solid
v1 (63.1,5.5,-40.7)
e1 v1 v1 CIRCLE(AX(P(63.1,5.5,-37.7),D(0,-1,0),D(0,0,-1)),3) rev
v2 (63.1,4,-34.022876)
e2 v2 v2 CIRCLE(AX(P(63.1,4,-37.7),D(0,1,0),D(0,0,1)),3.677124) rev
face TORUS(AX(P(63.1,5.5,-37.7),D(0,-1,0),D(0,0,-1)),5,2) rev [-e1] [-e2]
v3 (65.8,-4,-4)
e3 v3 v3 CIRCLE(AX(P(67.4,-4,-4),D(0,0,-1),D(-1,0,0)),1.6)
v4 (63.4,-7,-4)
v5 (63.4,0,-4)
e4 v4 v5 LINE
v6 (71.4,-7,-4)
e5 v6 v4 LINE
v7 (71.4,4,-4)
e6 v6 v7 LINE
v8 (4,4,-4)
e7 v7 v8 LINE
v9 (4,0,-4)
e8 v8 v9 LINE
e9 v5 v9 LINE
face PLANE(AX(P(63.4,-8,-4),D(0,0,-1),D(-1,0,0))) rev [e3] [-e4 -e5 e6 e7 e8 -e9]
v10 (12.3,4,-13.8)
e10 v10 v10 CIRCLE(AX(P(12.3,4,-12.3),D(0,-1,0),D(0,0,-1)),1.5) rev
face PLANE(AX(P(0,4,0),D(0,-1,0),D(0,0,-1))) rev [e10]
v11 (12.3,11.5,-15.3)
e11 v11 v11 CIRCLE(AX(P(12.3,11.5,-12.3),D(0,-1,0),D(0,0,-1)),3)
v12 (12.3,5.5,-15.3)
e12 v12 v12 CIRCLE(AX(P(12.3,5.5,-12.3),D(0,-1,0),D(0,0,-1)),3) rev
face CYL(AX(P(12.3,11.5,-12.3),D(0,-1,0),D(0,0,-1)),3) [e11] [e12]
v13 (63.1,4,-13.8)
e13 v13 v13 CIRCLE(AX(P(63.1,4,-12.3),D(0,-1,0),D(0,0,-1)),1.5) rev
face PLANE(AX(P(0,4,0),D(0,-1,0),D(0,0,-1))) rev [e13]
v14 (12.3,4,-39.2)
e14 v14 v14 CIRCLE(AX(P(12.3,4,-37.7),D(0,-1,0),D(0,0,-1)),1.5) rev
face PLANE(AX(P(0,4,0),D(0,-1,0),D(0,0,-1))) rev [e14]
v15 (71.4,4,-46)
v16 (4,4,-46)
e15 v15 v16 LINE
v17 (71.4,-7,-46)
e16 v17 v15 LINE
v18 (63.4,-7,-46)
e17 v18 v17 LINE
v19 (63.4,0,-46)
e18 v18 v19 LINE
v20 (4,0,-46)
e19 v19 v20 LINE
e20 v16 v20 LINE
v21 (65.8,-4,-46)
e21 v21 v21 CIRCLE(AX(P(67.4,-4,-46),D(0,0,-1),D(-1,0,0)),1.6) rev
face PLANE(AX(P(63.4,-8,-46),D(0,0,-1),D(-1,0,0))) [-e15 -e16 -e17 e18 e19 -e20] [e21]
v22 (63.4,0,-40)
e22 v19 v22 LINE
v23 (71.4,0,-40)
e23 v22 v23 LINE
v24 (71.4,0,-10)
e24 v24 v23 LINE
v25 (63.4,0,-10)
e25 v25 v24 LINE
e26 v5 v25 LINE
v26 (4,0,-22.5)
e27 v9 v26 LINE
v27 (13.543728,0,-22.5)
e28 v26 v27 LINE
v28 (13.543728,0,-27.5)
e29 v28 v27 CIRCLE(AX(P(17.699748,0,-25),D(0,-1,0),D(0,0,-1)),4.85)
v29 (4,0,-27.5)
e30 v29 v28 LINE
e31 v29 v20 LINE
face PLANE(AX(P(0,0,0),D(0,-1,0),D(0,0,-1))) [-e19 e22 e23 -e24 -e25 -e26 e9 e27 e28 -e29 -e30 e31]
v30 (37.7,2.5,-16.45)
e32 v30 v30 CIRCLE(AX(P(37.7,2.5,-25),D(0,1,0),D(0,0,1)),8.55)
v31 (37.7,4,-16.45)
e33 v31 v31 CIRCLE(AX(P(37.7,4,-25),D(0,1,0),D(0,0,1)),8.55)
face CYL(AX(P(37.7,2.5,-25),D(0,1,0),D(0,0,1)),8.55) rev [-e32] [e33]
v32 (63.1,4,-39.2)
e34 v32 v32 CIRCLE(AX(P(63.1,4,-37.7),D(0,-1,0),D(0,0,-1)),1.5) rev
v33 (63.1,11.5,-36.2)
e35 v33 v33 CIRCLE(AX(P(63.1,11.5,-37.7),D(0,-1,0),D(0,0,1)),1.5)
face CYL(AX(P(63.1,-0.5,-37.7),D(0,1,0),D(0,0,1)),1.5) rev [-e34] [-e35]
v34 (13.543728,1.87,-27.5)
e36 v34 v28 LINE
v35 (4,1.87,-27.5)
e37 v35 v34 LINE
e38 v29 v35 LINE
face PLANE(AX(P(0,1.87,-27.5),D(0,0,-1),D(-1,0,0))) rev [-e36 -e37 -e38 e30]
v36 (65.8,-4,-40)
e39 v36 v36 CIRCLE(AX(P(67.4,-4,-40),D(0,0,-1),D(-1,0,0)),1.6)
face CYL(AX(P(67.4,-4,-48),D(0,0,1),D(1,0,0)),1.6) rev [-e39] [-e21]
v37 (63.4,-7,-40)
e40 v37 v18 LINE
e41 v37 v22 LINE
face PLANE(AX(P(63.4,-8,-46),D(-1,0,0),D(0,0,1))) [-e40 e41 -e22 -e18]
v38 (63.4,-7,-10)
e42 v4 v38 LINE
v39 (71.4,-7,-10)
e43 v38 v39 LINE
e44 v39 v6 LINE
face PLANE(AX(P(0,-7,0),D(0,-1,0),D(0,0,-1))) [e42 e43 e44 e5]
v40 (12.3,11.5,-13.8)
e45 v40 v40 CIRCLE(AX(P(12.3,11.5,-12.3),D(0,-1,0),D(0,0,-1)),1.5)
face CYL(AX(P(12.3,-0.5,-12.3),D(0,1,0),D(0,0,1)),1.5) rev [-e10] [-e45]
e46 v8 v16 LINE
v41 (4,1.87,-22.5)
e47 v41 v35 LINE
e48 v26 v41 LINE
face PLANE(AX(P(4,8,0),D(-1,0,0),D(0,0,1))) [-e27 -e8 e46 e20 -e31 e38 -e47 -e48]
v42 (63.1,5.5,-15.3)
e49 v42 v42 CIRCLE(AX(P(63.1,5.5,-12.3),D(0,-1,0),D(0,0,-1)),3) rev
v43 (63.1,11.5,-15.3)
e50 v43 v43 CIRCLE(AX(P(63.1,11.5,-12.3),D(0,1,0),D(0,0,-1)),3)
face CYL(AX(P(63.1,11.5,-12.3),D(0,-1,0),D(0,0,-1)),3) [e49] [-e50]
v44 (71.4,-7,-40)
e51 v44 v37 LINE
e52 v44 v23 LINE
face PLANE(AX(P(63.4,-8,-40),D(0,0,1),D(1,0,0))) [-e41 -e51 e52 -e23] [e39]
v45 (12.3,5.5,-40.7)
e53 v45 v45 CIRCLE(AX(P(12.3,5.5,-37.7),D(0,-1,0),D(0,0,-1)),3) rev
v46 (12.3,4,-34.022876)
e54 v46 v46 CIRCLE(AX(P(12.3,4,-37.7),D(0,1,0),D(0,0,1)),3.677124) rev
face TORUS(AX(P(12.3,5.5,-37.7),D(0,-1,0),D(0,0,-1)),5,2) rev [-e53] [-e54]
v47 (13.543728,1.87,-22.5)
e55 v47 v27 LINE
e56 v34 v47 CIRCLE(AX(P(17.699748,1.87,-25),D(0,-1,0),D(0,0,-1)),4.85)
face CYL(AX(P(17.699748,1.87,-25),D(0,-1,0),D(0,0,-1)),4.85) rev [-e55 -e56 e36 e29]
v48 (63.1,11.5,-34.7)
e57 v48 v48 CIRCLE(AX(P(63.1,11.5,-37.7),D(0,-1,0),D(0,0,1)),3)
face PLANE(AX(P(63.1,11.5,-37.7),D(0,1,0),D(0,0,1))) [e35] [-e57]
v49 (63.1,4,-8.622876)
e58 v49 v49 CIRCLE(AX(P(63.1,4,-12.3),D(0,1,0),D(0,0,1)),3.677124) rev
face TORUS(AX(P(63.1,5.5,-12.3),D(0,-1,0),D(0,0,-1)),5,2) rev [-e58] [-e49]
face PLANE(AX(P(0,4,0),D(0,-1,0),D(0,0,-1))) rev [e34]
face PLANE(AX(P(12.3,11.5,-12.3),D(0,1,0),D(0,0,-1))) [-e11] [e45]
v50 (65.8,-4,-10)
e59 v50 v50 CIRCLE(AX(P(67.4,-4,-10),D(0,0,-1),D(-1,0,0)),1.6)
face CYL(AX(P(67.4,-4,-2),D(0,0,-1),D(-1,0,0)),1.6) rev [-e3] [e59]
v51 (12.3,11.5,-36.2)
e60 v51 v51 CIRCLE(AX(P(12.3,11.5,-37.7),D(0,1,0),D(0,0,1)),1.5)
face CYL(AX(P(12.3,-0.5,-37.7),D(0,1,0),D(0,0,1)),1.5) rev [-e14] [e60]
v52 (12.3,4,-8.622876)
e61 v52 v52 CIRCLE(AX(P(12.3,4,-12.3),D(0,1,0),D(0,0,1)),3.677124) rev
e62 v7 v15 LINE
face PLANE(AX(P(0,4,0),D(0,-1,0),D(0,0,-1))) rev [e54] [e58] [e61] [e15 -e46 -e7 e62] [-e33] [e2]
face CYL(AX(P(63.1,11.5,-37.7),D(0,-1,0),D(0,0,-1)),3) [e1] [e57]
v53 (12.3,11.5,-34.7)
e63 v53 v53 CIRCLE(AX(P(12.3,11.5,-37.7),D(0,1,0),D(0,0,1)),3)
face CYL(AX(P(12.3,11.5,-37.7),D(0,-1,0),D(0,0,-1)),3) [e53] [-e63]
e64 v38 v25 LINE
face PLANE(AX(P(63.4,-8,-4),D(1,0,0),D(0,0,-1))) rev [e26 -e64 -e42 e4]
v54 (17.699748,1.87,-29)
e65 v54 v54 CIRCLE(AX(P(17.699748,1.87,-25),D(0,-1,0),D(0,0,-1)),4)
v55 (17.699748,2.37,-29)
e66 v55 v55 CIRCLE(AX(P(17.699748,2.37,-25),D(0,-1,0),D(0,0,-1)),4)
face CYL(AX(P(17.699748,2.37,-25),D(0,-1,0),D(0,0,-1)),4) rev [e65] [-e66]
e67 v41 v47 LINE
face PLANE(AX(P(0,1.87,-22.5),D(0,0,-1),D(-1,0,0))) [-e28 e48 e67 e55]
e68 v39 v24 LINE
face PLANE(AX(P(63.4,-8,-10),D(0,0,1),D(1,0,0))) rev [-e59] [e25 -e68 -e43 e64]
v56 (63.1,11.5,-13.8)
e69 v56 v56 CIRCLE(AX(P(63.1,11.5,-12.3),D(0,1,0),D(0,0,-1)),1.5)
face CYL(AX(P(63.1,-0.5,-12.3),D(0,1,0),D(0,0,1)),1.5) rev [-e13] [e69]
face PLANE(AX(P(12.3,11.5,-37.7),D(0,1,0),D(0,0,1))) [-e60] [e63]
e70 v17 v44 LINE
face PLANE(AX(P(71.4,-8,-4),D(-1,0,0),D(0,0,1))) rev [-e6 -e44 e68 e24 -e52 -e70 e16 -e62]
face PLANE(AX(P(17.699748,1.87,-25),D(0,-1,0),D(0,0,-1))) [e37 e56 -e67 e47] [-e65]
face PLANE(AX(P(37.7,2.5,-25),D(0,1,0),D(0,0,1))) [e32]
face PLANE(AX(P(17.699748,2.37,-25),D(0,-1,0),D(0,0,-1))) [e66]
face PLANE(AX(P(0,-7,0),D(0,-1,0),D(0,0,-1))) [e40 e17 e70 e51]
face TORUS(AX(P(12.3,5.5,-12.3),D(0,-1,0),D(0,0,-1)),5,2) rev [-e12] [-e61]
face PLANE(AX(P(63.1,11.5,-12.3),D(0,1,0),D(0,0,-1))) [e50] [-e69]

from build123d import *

# Parameters (mm, degrees)
SKETCH2_W                 = 75.4
SKETCH2_H                 = 50
BOSS_EXTRUDE1_DEPTH       = 3.5
SKETCH3_R                 = 1.5
CUT_EXTRUDE1_DEPTH        = 4
BOSS_EXTRUDE2_START       = 8
SKETCH4_R                 = 3
SKETCH4_R_2               = 1.5
BOSS_EXTRUDE2_DEPTH       = 8
MIRROR2_START             = 8
MIRROR2_COPY_1_SKETCH_R   = 3
MIRROR2_COPY_1_SKETCH_R_2 = 1.5
MIRROR2_COPY_1_DEPTH      = 8
FILLET1_R                 = 2
SKETCH6_W                 = 75.4
SKETCH6_H                 = 50
BOSS_EXTRUDE3_DEPTH       = 4
SKETCH9_R                 = 8.55
CUT_EXTRUDE2_DEPTH        = 1.5
SKETCH10_R                = 4.85
CUT_EXTRUDE3_DEPTH        = 1.87
SKETCH11_R                = 4
CUT_EXTRUDE4_DEPTH        = 0.5
CUT_EXTRUDE6_DEPTH        = 1.87
SKETCH14_W                = 8
SKETCH14_H                = 6
BOSS_EXTRUDE6_DEPTH       = 8
SKETCH15_R                = 1.6
CUT_EXTRUDE7_DEPTH        = 8
SKETCH16_W                = 4
SKETCH16_H                = 5
CUT_EXTRUDE8_DEPTH        = 8
SKETCH17_W                = 8
SKETCH17_H                = 6
CUT_EXTRUDE9_DEPTH        = 1


with BuildPart() as part:
    # Sketch2 → Boss-Extrude1 (new body)
    with BuildSketch(Plane(origin=(0, 0, 0), x_dir=(1, 0, 0), z_dir=(0, 1, 0))):
        with Locations((37.7, 25)):
            Rectangle(SKETCH2_W, SKETCH2_H)
    extrude(amount=BOSS_EXTRUDE1_DEPTH)

    # Sketch3 → Cut-Extrude1 (cut)
    with BuildSketch(Plane(origin=(0, 3.5, 0), x_dir=(1, 0, 0), z_dir=(0, 1, 0))):
        with Locations(Location((12.3, 37.7, 0), (0, 0, 270))):
            Circle(SKETCH3_R)
        with Locations(Location((12.3, 12.3, 0), (0, 0, 270))):
            Circle(SKETCH3_R)
        with Locations(Location((63.1, 37.7, 0), (0, 0, 270))):
            Circle(SKETCH3_R)
        with Locations(Location((63.1, 12.3, 0), (0, 0, 270))):
            Circle(SKETCH3_R)
    extrude(amount=-CUT_EXTRUDE1_DEPTH, mode=Mode.SUBTRACT)

    # Sketch4 → Boss-Extrude2 (add)
    with BuildSketch(Plane(origin=(0, 3.5, 0), x_dir=(1, 0, 0), z_dir=(0, 1, 0)).offset(BOSS_EXTRUDE2_START)):
        with Locations(Location((12.3, 37.7, 0), (0, 0, 90))):
            Circle(SKETCH4_R)
        with Locations(Location((12.3, 37.7, 0), (0, 0, 270))):
            Circle(SKETCH4_R_2, mode=Mode.SUBTRACT)
    boss_extrude2 = extrude(amount=-BOSS_EXTRUDE2_DEPTH)

    # Mirror1: Boss-Extrude2 across plane
    add(boss_extrude2.mirror(Plane.XY.offset(-25)))

    # Mirror2: Boss-Extrude2 across plane
    add(boss_extrude2.mirror(Plane.ZY.offset(-37.7)))

    # Mirror2 copy 1 sketch → Mirror2 copy 1 (add)
    with BuildSketch(Plane(origin=(75.4, 3.5, -50), x_dir=(-1, 0, 0), z_dir=(0, 1, 0)).offset(MIRROR2_START)):
        with Locations(Location((12.3, 37.7, 0), (0, 0, 90))):
            Circle(MIRROR2_COPY_1_SKETCH_R)
        with Locations(Location((12.3, 37.7, 0), (0, 0, 270))):
            Circle(MIRROR2_COPY_1_SKETCH_R_2, mode=Mode.SUBTRACT)
    extrude(amount=-MIRROR2_COPY_1_DEPTH)

    # Fillet1
    fillet1_edges = [part.edges().sort_by_distance(p)[0] for p in [
        (12.3, 3.5, -34.7),
        (12.3, 3.5, -15.3),
        (63.1, 3.5, -15.3),
        (63.1, 3.5, -34.7),
    ]]
    fillet(fillet1_edges, radius=FILLET1_R)

    # Sketch6 → Boss-Extrude3 (add)
    with BuildSketch(Plane.XZ):
        with Locations((37.7, -25)):
            Rectangle(SKETCH6_W, SKETCH6_H)
    extrude(amount=-BOSS_EXTRUDE3_DEPTH)

    # Sketch9 → Cut-Extrude2 (cut)
    with BuildSketch(Plane(origin=(0, 4, 0), x_dir=(1, 0, 0), z_dir=(0, 1, 0))):
        with Locations(Location((37.7, 25, 0), (0, 0, 270))):
            Circle(SKETCH9_R)
    extrude(amount=-CUT_EXTRUDE2_DEPTH, mode=Mode.SUBTRACT)

    # Sketch10 → Cut-Extrude3 (cut)
    with BuildSketch(Plane.XZ):
        with Locations(Location((17.699747997, -25, 0), (0, 0, 270))):
            Circle(SKETCH10_R)
    extrude(amount=-CUT_EXTRUDE3_DEPTH, mode=Mode.SUBTRACT)

    # Sketch11 → Cut-Extrude4 (cut)
    with BuildSketch(Plane.XZ.offset(-1.87)):
        with Locations(Location((17.699747997, -25, 0), (0, 0, 270))):
            Circle(SKETCH11_R)
    extrude(amount=-CUT_EXTRUDE4_DEPTH, mode=Mode.SUBTRACT)

    # Sketch12 → Cut-Extrude6 (cut)
    with BuildSketch(Plane.XZ):
        with BuildLine():
            Line((12.849747997, -25), (12.849747997, -27.5))
            Line((12.849747997, -27.5), (13.543728267, -27.5))
            ThreePointArc((13.543728267, -27.5), (13.026462445, -26.297267187), (12.849747997, -25))
        make_face()
        with BuildLine():
            Line((12.849747997, -22.5), (12.849747997, -25))
            ThreePointArc((12.849747997, -25), (13.026462445, -23.702732813), (13.543728267, -22.5))
            Line((13.543728267, -22.5), (12.849747997, -22.5))
        make_face()
        Polygon((0, -22.5), (0, -27.5), (12.849747997, -27.5), (12.849747997, -25), (12.849747997, -22.5), align=None)
    extrude(amount=-CUT_EXTRUDE6_DEPTH, mode=Mode.SUBTRACT)

    # Sketch14 → Boss-Extrude6 (add)
    with BuildSketch(Plane.XZ):
        with Locations((67.4, -7)):
            Rectangle(SKETCH14_W, SKETCH14_H)
    boss_extrude6 = extrude(amount=BOSS_EXTRUDE6_DEPTH)

    # Sketch15 → Cut-Extrude7 (cut)
    with BuildSketch(Plane(origin=(0, 0, -10), x_dir=(-1, 0, 0), z_dir=(0, 0, -1))):
        with Locations((-67.4, -4)):
            Circle(SKETCH15_R)
    cut_extrude7 = extrude(amount=-CUT_EXTRUDE7_DEPTH, mode=Mode.SUBTRACT)

    # Mirror4: Boss-Extrude6, Cut-Extrude7 across plane
    add(boss_extrude6.mirror(Plane.XY.offset(-25)))
    add(cut_extrude7.mirror(Plane.XY.offset(-25)), mode=Mode.SUBTRACT)

    # Sketch16 → Cut-Extrude8 (cut)
    with BuildSketch(Plane.XZ):
        Polygon((4, -46), (4, -27.5), (0, -27.5), (0, -50), (4, -50), align=None)
        with Locations((2, -25)):
            Rectangle(SKETCH16_W, SKETCH16_H)
        Polygon((4, -22.5), (4, -4), (4, 0), (0, 0), (0, -22.5), align=None)
        Polygon((63.4, -4), (71.4, -4), (71.4, -10), (71.4, -40), (71.4, -46), (63.4, -46), (4, -46), (4, -50), (75.4, -50), (75.4, 0), (4, 0), (4, -4), align=None)
    extrude(amount=-CUT_EXTRUDE8_DEPTH, mode=Mode.SUBTRACT)

    # Sketch17 → Cut-Extrude9 (cut)
    with BuildSketch(Plane.XZ.offset(8)):
        with Locations((67.4, -43)):
            Rectangle(SKETCH17_W, SKETCH17_H)
        with Locations((67.4, -7)):
            Rectangle(SKETCH17_W, SKETCH17_H)
    extrude(amount=-CUT_EXTRUDE9_DEPTH, mode=Mode.SUBTRACT)


solid = part.part
